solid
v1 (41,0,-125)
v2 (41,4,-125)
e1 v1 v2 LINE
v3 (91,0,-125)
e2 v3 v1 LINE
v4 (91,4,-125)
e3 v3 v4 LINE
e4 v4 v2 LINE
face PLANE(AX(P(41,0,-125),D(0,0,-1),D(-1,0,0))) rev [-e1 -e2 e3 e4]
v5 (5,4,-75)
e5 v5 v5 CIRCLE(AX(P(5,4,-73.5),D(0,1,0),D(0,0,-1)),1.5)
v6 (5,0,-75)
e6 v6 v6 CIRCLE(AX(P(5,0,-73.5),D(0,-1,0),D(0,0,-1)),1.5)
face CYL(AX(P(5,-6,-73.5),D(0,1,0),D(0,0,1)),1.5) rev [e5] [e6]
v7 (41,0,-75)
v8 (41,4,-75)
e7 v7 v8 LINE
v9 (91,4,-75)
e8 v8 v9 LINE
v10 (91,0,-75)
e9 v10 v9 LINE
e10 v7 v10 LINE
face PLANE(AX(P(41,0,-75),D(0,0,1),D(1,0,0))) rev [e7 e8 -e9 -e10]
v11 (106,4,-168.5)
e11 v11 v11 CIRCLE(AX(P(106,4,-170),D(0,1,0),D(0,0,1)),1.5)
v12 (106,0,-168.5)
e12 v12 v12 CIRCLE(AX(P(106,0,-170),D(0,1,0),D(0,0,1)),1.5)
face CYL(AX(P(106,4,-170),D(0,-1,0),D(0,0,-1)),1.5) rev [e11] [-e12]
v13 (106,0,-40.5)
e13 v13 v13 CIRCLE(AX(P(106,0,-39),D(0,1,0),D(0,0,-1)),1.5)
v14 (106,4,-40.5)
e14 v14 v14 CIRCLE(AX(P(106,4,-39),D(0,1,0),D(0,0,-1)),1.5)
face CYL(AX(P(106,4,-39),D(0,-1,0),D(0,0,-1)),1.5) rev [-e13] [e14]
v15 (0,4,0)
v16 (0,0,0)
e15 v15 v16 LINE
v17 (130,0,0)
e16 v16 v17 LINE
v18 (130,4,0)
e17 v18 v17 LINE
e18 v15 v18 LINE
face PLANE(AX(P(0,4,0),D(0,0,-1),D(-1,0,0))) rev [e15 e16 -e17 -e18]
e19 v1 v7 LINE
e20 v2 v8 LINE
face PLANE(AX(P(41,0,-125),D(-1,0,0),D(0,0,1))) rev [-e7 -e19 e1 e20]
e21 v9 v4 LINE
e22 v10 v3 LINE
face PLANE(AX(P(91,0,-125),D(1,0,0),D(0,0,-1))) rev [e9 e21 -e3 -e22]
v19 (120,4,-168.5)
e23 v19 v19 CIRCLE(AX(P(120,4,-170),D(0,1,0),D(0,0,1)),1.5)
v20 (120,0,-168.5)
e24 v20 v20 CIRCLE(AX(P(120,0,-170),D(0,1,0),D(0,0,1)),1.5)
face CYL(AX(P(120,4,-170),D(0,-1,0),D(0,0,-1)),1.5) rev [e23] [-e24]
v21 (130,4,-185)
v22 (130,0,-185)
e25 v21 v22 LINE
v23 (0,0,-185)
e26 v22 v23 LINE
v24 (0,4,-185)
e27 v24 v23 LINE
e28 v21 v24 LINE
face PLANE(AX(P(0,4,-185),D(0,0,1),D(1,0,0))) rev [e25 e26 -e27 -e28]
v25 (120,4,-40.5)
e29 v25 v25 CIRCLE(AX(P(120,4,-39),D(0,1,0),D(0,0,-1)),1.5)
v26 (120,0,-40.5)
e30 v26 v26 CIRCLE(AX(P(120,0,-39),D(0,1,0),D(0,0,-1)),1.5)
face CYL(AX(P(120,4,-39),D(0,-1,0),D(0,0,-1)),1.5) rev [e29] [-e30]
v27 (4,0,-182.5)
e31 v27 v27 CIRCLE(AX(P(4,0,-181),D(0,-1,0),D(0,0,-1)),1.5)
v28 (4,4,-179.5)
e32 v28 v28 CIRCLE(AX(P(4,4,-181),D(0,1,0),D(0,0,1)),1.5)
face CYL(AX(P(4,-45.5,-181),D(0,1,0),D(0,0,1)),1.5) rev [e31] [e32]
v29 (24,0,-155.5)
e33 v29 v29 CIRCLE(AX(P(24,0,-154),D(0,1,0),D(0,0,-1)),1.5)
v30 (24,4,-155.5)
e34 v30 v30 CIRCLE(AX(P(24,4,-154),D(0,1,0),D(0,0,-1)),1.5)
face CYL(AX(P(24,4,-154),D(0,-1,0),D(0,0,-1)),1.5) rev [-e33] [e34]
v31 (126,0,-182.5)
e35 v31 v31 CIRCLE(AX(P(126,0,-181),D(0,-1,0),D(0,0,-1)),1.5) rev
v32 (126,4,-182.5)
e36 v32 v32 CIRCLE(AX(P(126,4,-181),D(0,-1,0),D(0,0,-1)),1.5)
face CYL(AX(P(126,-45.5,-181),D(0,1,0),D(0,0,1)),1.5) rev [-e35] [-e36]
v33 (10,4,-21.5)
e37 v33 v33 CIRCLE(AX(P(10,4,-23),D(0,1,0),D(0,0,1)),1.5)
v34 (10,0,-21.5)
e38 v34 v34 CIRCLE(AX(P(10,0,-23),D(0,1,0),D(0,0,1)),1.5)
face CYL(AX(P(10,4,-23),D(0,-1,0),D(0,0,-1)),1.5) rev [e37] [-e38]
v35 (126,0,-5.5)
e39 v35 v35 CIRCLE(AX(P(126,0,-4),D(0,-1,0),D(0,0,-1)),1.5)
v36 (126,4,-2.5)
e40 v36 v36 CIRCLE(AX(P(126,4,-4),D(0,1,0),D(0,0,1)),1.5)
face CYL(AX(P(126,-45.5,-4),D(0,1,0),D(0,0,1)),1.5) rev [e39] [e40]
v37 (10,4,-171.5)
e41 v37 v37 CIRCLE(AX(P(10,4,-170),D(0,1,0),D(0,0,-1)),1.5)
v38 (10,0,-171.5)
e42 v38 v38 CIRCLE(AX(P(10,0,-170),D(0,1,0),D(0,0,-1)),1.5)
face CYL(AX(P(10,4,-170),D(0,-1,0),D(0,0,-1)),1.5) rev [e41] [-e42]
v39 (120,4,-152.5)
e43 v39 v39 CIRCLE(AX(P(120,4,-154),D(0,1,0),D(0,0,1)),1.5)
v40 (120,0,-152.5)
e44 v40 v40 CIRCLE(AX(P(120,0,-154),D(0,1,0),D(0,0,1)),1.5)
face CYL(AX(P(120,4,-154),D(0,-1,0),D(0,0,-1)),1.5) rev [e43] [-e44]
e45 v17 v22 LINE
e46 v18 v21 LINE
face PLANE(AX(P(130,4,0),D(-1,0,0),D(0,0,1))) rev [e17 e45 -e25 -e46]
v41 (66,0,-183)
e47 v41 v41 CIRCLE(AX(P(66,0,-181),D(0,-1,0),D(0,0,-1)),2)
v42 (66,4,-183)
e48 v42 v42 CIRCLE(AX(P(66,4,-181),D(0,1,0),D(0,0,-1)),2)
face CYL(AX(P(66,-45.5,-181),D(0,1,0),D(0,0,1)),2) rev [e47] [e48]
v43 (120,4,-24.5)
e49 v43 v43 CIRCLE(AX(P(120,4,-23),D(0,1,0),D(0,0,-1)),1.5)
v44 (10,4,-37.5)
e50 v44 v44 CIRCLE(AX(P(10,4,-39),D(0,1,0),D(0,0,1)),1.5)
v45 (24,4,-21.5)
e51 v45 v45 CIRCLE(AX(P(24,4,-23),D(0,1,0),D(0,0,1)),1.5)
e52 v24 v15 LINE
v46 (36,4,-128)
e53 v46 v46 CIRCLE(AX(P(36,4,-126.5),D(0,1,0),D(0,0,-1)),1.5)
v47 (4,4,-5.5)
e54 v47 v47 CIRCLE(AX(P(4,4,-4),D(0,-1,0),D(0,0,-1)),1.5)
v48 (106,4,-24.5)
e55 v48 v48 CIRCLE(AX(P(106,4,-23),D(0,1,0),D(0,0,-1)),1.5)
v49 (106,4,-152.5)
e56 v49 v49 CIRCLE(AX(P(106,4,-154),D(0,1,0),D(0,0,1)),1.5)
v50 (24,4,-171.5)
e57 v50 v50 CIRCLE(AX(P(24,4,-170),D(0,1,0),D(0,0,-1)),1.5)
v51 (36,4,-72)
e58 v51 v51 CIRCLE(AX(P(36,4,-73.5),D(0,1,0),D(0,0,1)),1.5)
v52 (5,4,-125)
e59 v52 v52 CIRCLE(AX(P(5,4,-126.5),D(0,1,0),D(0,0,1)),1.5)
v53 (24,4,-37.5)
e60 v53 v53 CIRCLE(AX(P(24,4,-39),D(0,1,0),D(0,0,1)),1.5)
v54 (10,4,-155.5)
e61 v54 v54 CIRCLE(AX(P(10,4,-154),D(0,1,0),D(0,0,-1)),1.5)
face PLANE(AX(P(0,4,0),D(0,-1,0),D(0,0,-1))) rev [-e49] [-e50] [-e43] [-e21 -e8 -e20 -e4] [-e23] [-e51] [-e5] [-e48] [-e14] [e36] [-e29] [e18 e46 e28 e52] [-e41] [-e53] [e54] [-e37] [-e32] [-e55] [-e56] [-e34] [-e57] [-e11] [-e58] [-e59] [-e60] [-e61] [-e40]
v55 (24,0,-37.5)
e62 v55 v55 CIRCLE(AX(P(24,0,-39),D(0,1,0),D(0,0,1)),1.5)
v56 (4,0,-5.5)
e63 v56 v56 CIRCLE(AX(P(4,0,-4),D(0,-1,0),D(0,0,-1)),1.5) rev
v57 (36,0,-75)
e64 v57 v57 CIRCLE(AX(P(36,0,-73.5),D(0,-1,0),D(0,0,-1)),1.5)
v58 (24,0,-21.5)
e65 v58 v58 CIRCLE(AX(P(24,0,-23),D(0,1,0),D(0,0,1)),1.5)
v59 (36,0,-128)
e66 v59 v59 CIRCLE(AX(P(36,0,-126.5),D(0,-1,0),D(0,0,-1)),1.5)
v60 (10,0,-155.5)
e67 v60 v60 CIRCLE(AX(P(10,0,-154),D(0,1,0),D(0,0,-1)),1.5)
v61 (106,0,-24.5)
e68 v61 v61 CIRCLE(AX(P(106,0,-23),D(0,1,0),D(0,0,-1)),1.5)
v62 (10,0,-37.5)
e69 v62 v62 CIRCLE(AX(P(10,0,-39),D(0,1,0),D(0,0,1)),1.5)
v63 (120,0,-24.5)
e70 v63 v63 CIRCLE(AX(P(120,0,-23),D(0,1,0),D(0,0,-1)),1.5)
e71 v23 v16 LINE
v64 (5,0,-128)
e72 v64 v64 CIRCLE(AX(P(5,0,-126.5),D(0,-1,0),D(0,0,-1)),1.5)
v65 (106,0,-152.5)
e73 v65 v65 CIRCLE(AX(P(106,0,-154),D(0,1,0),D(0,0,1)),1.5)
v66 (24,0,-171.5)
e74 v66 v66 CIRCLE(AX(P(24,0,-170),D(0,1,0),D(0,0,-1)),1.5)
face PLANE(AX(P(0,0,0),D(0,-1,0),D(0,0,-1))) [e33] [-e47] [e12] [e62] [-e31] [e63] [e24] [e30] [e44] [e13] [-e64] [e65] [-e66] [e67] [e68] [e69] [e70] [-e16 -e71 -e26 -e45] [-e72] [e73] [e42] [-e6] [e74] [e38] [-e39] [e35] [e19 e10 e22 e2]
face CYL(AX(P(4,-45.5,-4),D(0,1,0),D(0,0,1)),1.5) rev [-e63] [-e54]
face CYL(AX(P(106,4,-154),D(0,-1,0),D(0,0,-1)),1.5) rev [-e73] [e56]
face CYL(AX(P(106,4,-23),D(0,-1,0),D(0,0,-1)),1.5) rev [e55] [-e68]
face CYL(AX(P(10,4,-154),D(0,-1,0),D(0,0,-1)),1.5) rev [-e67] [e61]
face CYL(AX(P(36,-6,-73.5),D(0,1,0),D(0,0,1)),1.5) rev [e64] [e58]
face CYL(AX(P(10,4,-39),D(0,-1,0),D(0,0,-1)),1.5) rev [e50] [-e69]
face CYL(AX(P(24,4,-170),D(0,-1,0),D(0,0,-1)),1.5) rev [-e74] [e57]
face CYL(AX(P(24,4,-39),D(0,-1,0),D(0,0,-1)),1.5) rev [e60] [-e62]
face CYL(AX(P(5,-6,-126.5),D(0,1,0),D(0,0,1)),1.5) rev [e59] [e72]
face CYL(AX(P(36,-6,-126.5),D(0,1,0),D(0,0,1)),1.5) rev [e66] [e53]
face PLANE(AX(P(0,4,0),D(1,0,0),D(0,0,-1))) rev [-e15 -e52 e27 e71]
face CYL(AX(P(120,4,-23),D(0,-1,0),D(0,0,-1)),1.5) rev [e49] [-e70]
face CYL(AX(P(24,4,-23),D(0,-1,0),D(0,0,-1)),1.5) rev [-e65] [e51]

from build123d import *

# Parameters (mm, degrees)
SKETCH1_W           = 130
SKETCH1_H           = 185
SKETCH1_R           = 1.5
BOSS_EXTRUDE1_DEPTH = 4
SKETCH2_W           = 50
SKETCH2_H           = 50
CUT_EXTRUDE1_DEPTH  = 4
SKETCH3_R           = 1.5
CUT_EXTRUDE2_DEPTH  = 49.5
SKETCH4_R           = 2
CUT_EXTRUDE3_DEPTH  = 49.5
SKETCH5_R           = 1.5
CUT_EXTRUDE5_DEPTH  = 10


with BuildPart() as part:
    # Sketch1 → Boss-Extrude1 (new body)
    with BuildSketch(Plane(origin=(0, 0, 0), x_dir=(1, 0, 0), z_dir=(0, 1, 0))):
        with Locations((65, 92.5)):
            Rectangle(SKETCH1_W, SKETCH1_H)
        with Locations(Location((10, 39, 0), (0, 0, 270))):
            Circle(SKETCH1_R, mode=Mode.SUBTRACT)
        with Locations(Location((24, 39, 0), (0, 0, 270))):
            Circle(SKETCH1_R, mode=Mode.SUBTRACT)
        with Locations(Location((10, 23, 0), (0, 0, 270))):
            Circle(SKETCH1_R, mode=Mode.SUBTRACT)
        with Locations(Location((24, 23, 0), (0, 0, 270))):
            Circle(SKETCH1_R, mode=Mode.SUBTRACT)
        with Locations(Location((120, 23, 0), (0, 0, 90))):
            Circle(SKETCH1_R, mode=Mode.SUBTRACT)
        with Locations(Location((120, 39, 0), (0, 0, 90))):
            Circle(SKETCH1_R, mode=Mode.SUBTRACT)
        with Locations(Location((106, 39, 0), (0, 0, 90))):
            Circle(SKETCH1_R, mode=Mode.SUBTRACT)
        with Locations(Location((106, 23, 0), (0, 0, 90))):
            Circle(SKETCH1_R, mode=Mode.SUBTRACT)
        with Locations(Location((106, 170, 0), (0, 0, 270))):
            Circle(SKETCH1_R, mode=Mode.SUBTRACT)
        with Locations(Location((120, 170, 0), (0, 0, 270))):
            Circle(SKETCH1_R, mode=Mode.SUBTRACT)
        with Locations(Location((106, 154, 0), (0, 0, 270))):
            Circle(SKETCH1_R, mode=Mode.SUBTRACT)
        with Locations(Location((120, 154, 0), (0, 0, 270))):
            Circle(SKETCH1_R, mode=Mode.SUBTRACT)
        with Locations(Location((24, 154, 0), (0, 0, 90))):
            Circle(SKETCH1_R, mode=Mode.SUBTRACT)
        with Locations(Location((24, 170, 0), (0, 0, 90))):
            Circle(SKETCH1_R, mode=Mode.SUBTRACT)
        with Locations(Location((10, 170, 0), (0, 0, 90))):
            Circle(SKETCH1_R, mode=Mode.SUBTRACT)
        with Locations(Location((10, 154, 0), (0, 0, 90))):
            Circle(SKETCH1_R, mode=Mode.SUBTRACT)
    extrude(amount=BOSS_EXTRUDE1_DEPTH)

    # Sketch2 → Cut-Extrude1 (cut)
    with BuildSketch(Plane(origin=(0, 4, 0), x_dir=(1, 0, 0), z_dir=(0, 1, 0))):
        with Locations((66, 100)):
            Rectangle(SKETCH2_W, SKETCH2_H)
    extrude(amount=-CUT_EXTRUDE1_DEPTH, mode=Mode.SUBTRACT)

    # Sketch3 → Cut-Extrude2 (cut)
    with BuildSketch(Plane(origin=(0, 4, 0), x_dir=(1, 0, 0), z_dir=(0, 1, 0))):
        with Locations(Location((126, 4, 0), (0, 0, 270))):
            Circle(SKETCH3_R)
        with Locations(Location((126, 181, 0), (0, 0, 90))):
            Circle(SKETCH3_R)
        with Locations(Location((4, 4, 0), (0, 0, 90))):
            Circle(SKETCH3_R)
        with Locations(Location((4, 181, 0), (0, 0, 270))):
            Circle(SKETCH3_R)
    extrude(amount=-CUT_EXTRUDE2_DEPTH, mode=Mode.SUBTRACT)

    # Sketch4 → Cut-Extrude3 (cut)
    with BuildSketch(Plane(origin=(0, 4, 0), x_dir=(1, 0, 0), z_dir=(0, 1, 0))):
        with Locations(Location((66, 181, 0), (0, 0, 90))):
            Circle(SKETCH4_R)
    extrude(amount=-CUT_EXTRUDE3_DEPTH, mode=Mode.SUBTRACT)

    # Sketch5 → Cut-Extrude5 (cut)
    with BuildSketch(Plane(origin=(0, 4, 0), x_dir=(1, 0, 0), z_dir=(0, 1, 0))):
        with Locations(Location((5, 126.5, 0), (0, 0, 270))):
            Circle(SKETCH5_R)
        with Locations(Location((5, 73.5, 0), (0, 0, 90))):
            Circle(SKETCH5_R)
        with Locations(Location((36, 126.5, 0), (0, 0, 90))):
            Circle(SKETCH5_R)
        with Locations(Location((36, 73.5, 0), (0, 0, 270))):
            Circle(SKETCH5_R)
    extrude(amount=-CUT_EXTRUDE5_DEPTH, mode=Mode.SUBTRACT)


solid = part.part
